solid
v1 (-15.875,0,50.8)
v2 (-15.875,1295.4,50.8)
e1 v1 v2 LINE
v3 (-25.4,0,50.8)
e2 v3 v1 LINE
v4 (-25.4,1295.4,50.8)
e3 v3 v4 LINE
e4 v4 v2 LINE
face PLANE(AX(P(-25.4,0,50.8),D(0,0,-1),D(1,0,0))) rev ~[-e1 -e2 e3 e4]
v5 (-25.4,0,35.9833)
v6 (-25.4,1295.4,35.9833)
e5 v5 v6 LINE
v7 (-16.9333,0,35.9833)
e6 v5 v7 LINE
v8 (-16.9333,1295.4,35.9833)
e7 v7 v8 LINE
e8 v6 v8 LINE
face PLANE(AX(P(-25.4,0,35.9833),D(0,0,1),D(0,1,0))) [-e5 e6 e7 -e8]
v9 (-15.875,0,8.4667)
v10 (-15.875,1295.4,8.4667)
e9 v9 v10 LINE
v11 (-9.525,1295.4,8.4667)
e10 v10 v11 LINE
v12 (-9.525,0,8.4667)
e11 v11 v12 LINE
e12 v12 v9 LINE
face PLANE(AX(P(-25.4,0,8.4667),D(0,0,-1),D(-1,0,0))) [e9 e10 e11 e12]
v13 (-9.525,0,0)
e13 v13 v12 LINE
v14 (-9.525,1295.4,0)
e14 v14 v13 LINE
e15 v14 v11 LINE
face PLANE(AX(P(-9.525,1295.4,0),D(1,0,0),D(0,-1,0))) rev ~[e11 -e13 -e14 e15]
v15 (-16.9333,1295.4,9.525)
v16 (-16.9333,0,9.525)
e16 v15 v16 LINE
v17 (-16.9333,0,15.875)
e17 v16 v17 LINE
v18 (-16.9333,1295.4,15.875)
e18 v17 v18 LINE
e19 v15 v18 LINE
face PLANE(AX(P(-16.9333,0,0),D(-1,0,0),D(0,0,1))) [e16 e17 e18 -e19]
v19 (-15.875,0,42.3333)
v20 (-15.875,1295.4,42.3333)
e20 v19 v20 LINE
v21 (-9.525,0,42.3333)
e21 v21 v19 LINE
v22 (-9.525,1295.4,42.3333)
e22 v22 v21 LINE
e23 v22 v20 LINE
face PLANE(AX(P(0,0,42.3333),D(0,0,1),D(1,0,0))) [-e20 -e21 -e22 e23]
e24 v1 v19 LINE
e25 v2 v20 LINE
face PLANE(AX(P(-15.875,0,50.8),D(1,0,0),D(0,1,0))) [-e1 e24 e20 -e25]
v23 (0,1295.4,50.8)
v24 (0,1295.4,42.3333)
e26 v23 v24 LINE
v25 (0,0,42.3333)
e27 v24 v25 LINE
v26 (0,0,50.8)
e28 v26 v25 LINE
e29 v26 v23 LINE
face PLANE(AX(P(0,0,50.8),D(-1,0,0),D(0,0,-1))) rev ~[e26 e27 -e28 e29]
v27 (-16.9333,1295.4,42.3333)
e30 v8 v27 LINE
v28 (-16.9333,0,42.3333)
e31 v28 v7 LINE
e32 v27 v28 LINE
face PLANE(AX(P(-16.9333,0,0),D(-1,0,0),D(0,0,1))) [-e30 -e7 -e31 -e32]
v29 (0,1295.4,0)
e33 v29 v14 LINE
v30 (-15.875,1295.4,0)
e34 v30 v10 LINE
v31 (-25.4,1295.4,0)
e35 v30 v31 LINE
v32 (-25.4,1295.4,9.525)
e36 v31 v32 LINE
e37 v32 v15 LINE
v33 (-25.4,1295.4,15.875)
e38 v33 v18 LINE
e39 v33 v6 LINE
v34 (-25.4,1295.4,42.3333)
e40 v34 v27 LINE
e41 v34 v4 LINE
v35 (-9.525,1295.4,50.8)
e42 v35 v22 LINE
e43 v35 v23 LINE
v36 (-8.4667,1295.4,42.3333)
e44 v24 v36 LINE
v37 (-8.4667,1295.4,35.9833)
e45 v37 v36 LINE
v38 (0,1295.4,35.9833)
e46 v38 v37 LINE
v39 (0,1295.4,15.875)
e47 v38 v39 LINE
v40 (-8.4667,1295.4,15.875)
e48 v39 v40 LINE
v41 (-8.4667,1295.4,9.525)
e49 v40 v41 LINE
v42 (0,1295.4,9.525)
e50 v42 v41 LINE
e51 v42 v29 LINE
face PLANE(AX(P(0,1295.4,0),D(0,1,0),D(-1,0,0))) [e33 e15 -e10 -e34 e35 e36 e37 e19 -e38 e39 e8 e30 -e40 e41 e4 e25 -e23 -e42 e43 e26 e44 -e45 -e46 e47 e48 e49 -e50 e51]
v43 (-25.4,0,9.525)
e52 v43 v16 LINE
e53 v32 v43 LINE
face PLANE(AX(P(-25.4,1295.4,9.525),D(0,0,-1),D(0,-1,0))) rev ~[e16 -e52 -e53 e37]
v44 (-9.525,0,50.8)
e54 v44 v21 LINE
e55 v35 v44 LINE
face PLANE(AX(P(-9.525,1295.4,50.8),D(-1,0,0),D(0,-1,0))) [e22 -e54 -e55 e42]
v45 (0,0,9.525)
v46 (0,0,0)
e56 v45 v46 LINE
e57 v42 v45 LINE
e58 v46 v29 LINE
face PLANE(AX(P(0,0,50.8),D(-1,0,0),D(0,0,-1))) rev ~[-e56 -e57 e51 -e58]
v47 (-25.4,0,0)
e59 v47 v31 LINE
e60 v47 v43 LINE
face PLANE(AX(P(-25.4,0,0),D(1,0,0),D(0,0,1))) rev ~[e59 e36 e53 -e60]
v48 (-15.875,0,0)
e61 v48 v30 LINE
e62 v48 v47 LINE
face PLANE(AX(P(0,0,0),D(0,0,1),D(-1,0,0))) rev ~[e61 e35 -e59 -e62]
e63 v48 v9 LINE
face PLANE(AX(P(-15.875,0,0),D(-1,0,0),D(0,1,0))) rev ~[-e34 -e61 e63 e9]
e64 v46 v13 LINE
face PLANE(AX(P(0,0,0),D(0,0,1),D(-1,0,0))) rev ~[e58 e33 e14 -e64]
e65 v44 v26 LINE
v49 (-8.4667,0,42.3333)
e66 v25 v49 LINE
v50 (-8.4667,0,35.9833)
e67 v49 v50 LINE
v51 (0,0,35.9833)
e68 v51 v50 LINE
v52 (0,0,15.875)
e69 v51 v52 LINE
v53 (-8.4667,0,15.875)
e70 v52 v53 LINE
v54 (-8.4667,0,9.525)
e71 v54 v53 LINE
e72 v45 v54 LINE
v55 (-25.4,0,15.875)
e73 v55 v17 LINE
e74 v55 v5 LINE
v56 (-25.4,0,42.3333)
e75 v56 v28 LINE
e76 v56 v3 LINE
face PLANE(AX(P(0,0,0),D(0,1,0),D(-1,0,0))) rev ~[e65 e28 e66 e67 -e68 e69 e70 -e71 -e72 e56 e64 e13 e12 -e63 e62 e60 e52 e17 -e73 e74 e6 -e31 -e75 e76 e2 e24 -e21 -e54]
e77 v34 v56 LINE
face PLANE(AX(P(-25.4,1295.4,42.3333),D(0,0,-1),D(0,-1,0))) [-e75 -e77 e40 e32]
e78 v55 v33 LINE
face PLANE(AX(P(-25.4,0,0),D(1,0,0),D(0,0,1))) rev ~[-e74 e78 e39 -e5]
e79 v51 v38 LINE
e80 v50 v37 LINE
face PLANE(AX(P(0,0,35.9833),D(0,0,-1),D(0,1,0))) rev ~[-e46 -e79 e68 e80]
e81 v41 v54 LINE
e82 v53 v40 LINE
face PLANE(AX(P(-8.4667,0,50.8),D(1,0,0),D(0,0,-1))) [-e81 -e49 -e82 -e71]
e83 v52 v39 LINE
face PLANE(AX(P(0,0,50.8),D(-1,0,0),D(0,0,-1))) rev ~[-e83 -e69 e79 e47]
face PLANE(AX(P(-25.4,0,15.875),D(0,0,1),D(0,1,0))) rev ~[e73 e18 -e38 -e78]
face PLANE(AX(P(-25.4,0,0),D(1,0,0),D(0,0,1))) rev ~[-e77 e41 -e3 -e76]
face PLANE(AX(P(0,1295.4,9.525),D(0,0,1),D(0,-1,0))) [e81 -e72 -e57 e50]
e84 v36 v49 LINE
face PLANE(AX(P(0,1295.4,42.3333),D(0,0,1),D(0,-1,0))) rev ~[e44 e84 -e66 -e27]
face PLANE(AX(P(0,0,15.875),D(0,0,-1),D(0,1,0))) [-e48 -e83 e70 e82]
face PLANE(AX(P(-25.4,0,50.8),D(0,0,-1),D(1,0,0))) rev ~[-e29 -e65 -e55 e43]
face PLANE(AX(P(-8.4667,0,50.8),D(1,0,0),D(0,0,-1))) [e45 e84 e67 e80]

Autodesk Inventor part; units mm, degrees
ref_plane "YZ Plane" through (0, 0, 0) normal (1, 0, 0) x (0, 1, 0)
ref_plane "XZ Plane" through (0, 0, 0) normal (0, 1, 0) x (-1, 0, 0)
ref_plane "XY Plane" through (0, 0, 0) normal (0, 0, 1) x (1, 0, 0)
sketch "Sketch1" plane through (0, 0, 0) normal (0, 1, 0) x (-1, 0, 0)
  line L0 (0, 0) -> (25.4, 0)
  line L1 (25.4, 0) -> (25.4, 50.8)
  line L2 (25.4, 50.8) -> (0, 50.8)
  line L3 (0, 50.8) -> (0, 0)
  dimension "d0" = 50.8
  dimension "d1" = 25.4
extrude "Extrusion1" add sketch "Sketch1" along normal blind 1295.4
sketch "Sketch2" plane through (0, 0, 50.8) normal (0, 0, 1) x (1, 0, 0)
  line L0 (-9.525, 0) -> (-15.875, 0)
  line L1 (-15.875, 0) -> (-15.875, 1295.4)
  line L2 (-25.4, 0) -> (-25.4, 1295.4) projected
  line L3 (0, 1295.4) -> (-25.4, 1295.4) projected
  line L4 (-9.525, 1295.4) -> (-9.525, 0)
  line L5 (0, 0) -> (0, 1295.4) projected
  line L6 (0, 0) -> (-25.4, 0) projected
  line L7 (-15.875, 1295.4) -> (-9.525, 1295.4)
  dimension "d4" = 9.525
  dimension "d5" = 6.35
  dimension "d6" = 9.525
  dimension "d9" = 9.525
extrude "Extrusion2" cut sketch "Sketch2" against normal blind 8.4667 contours L0 L1 L3 L4
sketch "Sketch3" plane through (-25.4, 0, 0) normal (0, 0, -1) x (-1, 0, 0)
  line L0 (-15.875, 0) -> (-9.525, 0)
  line L1 (-9.525, 0) -> (-9.525, 1295.4)
  line L2 (-9.525, 1295.4) -> (-15.875, 1295.4)
  line L3 (-15.875, 1295.4) -> (-15.875, 0)
  point P0 (-25.4, 0)
extrude "Extrusion3" cut sketch "Sketch3" against normal blind 8.4667
sketch "Sketch4" plane through (-25.4, 0, 0) normal (-1, 0, 0) x (0, 0, 1)
  line L0 (0, 1295.4) -> (50.8, 1295.4) projected
  line L1 (9.525, 0) -> (15.875, 0)
  line L2 (15.875, 0) -> (15.875, 1295.4)
  line L3 (15.875, 1295.4) -> (9.525, 1295.4)
  line L4 (9.525, 1295.4) -> (9.525, 0)
  line L5 (35.9833, 1295.4) -> (42.3333, 1295.4)
  line L6 (42.3333, 1295.4) -> (42.3333, 0)
  line L7 (42.3333, 0) -> (35.9833, 0)
  line L8 (35.9833, 0) -> (35.9833, 1295.4)
  line L9 (0, 0) -> (0, 1295.4) projected
  point P0 (50.8, 0)
  dimension "d14" = 9.525
  dimension "d16" = 6.35
  dimension "d17" = 6.35
  dimension "d18" = 9.525
extrude "Extrusion4" cut sketch "Sketch4" against normal blind 8.4667
sketch "Sketch5" plane through (0, 0, 50.8) normal (1, 0, 0) x (0, 0, -1)
  line L0 (8.4667, 0) -> (14.8167, 0)
  line L1 (14.8167, 0) -> (14.8167, 1295.4)
  line L2 (14.8167, 1295.4) -> (8.4667, 1295.4)
  line L3 (8.4667, 1295.4) -> (8.4667, 0)
  line L4 (34.925, 1295.4) -> (41.275, 1295.4)
  line L5 (41.275, 1295.4) -> (41.275, 0)
  line L6 (41.275, 0) -> (34.925, 0)
  line L7 (34.925, 0) -> (34.925, 1295.4)
  point P0 (50.8, 0)
extrude "Extrusion5" cut sketch "Sketch5" against normal blind 8.4667
properties part number "HammerStick Stick"
